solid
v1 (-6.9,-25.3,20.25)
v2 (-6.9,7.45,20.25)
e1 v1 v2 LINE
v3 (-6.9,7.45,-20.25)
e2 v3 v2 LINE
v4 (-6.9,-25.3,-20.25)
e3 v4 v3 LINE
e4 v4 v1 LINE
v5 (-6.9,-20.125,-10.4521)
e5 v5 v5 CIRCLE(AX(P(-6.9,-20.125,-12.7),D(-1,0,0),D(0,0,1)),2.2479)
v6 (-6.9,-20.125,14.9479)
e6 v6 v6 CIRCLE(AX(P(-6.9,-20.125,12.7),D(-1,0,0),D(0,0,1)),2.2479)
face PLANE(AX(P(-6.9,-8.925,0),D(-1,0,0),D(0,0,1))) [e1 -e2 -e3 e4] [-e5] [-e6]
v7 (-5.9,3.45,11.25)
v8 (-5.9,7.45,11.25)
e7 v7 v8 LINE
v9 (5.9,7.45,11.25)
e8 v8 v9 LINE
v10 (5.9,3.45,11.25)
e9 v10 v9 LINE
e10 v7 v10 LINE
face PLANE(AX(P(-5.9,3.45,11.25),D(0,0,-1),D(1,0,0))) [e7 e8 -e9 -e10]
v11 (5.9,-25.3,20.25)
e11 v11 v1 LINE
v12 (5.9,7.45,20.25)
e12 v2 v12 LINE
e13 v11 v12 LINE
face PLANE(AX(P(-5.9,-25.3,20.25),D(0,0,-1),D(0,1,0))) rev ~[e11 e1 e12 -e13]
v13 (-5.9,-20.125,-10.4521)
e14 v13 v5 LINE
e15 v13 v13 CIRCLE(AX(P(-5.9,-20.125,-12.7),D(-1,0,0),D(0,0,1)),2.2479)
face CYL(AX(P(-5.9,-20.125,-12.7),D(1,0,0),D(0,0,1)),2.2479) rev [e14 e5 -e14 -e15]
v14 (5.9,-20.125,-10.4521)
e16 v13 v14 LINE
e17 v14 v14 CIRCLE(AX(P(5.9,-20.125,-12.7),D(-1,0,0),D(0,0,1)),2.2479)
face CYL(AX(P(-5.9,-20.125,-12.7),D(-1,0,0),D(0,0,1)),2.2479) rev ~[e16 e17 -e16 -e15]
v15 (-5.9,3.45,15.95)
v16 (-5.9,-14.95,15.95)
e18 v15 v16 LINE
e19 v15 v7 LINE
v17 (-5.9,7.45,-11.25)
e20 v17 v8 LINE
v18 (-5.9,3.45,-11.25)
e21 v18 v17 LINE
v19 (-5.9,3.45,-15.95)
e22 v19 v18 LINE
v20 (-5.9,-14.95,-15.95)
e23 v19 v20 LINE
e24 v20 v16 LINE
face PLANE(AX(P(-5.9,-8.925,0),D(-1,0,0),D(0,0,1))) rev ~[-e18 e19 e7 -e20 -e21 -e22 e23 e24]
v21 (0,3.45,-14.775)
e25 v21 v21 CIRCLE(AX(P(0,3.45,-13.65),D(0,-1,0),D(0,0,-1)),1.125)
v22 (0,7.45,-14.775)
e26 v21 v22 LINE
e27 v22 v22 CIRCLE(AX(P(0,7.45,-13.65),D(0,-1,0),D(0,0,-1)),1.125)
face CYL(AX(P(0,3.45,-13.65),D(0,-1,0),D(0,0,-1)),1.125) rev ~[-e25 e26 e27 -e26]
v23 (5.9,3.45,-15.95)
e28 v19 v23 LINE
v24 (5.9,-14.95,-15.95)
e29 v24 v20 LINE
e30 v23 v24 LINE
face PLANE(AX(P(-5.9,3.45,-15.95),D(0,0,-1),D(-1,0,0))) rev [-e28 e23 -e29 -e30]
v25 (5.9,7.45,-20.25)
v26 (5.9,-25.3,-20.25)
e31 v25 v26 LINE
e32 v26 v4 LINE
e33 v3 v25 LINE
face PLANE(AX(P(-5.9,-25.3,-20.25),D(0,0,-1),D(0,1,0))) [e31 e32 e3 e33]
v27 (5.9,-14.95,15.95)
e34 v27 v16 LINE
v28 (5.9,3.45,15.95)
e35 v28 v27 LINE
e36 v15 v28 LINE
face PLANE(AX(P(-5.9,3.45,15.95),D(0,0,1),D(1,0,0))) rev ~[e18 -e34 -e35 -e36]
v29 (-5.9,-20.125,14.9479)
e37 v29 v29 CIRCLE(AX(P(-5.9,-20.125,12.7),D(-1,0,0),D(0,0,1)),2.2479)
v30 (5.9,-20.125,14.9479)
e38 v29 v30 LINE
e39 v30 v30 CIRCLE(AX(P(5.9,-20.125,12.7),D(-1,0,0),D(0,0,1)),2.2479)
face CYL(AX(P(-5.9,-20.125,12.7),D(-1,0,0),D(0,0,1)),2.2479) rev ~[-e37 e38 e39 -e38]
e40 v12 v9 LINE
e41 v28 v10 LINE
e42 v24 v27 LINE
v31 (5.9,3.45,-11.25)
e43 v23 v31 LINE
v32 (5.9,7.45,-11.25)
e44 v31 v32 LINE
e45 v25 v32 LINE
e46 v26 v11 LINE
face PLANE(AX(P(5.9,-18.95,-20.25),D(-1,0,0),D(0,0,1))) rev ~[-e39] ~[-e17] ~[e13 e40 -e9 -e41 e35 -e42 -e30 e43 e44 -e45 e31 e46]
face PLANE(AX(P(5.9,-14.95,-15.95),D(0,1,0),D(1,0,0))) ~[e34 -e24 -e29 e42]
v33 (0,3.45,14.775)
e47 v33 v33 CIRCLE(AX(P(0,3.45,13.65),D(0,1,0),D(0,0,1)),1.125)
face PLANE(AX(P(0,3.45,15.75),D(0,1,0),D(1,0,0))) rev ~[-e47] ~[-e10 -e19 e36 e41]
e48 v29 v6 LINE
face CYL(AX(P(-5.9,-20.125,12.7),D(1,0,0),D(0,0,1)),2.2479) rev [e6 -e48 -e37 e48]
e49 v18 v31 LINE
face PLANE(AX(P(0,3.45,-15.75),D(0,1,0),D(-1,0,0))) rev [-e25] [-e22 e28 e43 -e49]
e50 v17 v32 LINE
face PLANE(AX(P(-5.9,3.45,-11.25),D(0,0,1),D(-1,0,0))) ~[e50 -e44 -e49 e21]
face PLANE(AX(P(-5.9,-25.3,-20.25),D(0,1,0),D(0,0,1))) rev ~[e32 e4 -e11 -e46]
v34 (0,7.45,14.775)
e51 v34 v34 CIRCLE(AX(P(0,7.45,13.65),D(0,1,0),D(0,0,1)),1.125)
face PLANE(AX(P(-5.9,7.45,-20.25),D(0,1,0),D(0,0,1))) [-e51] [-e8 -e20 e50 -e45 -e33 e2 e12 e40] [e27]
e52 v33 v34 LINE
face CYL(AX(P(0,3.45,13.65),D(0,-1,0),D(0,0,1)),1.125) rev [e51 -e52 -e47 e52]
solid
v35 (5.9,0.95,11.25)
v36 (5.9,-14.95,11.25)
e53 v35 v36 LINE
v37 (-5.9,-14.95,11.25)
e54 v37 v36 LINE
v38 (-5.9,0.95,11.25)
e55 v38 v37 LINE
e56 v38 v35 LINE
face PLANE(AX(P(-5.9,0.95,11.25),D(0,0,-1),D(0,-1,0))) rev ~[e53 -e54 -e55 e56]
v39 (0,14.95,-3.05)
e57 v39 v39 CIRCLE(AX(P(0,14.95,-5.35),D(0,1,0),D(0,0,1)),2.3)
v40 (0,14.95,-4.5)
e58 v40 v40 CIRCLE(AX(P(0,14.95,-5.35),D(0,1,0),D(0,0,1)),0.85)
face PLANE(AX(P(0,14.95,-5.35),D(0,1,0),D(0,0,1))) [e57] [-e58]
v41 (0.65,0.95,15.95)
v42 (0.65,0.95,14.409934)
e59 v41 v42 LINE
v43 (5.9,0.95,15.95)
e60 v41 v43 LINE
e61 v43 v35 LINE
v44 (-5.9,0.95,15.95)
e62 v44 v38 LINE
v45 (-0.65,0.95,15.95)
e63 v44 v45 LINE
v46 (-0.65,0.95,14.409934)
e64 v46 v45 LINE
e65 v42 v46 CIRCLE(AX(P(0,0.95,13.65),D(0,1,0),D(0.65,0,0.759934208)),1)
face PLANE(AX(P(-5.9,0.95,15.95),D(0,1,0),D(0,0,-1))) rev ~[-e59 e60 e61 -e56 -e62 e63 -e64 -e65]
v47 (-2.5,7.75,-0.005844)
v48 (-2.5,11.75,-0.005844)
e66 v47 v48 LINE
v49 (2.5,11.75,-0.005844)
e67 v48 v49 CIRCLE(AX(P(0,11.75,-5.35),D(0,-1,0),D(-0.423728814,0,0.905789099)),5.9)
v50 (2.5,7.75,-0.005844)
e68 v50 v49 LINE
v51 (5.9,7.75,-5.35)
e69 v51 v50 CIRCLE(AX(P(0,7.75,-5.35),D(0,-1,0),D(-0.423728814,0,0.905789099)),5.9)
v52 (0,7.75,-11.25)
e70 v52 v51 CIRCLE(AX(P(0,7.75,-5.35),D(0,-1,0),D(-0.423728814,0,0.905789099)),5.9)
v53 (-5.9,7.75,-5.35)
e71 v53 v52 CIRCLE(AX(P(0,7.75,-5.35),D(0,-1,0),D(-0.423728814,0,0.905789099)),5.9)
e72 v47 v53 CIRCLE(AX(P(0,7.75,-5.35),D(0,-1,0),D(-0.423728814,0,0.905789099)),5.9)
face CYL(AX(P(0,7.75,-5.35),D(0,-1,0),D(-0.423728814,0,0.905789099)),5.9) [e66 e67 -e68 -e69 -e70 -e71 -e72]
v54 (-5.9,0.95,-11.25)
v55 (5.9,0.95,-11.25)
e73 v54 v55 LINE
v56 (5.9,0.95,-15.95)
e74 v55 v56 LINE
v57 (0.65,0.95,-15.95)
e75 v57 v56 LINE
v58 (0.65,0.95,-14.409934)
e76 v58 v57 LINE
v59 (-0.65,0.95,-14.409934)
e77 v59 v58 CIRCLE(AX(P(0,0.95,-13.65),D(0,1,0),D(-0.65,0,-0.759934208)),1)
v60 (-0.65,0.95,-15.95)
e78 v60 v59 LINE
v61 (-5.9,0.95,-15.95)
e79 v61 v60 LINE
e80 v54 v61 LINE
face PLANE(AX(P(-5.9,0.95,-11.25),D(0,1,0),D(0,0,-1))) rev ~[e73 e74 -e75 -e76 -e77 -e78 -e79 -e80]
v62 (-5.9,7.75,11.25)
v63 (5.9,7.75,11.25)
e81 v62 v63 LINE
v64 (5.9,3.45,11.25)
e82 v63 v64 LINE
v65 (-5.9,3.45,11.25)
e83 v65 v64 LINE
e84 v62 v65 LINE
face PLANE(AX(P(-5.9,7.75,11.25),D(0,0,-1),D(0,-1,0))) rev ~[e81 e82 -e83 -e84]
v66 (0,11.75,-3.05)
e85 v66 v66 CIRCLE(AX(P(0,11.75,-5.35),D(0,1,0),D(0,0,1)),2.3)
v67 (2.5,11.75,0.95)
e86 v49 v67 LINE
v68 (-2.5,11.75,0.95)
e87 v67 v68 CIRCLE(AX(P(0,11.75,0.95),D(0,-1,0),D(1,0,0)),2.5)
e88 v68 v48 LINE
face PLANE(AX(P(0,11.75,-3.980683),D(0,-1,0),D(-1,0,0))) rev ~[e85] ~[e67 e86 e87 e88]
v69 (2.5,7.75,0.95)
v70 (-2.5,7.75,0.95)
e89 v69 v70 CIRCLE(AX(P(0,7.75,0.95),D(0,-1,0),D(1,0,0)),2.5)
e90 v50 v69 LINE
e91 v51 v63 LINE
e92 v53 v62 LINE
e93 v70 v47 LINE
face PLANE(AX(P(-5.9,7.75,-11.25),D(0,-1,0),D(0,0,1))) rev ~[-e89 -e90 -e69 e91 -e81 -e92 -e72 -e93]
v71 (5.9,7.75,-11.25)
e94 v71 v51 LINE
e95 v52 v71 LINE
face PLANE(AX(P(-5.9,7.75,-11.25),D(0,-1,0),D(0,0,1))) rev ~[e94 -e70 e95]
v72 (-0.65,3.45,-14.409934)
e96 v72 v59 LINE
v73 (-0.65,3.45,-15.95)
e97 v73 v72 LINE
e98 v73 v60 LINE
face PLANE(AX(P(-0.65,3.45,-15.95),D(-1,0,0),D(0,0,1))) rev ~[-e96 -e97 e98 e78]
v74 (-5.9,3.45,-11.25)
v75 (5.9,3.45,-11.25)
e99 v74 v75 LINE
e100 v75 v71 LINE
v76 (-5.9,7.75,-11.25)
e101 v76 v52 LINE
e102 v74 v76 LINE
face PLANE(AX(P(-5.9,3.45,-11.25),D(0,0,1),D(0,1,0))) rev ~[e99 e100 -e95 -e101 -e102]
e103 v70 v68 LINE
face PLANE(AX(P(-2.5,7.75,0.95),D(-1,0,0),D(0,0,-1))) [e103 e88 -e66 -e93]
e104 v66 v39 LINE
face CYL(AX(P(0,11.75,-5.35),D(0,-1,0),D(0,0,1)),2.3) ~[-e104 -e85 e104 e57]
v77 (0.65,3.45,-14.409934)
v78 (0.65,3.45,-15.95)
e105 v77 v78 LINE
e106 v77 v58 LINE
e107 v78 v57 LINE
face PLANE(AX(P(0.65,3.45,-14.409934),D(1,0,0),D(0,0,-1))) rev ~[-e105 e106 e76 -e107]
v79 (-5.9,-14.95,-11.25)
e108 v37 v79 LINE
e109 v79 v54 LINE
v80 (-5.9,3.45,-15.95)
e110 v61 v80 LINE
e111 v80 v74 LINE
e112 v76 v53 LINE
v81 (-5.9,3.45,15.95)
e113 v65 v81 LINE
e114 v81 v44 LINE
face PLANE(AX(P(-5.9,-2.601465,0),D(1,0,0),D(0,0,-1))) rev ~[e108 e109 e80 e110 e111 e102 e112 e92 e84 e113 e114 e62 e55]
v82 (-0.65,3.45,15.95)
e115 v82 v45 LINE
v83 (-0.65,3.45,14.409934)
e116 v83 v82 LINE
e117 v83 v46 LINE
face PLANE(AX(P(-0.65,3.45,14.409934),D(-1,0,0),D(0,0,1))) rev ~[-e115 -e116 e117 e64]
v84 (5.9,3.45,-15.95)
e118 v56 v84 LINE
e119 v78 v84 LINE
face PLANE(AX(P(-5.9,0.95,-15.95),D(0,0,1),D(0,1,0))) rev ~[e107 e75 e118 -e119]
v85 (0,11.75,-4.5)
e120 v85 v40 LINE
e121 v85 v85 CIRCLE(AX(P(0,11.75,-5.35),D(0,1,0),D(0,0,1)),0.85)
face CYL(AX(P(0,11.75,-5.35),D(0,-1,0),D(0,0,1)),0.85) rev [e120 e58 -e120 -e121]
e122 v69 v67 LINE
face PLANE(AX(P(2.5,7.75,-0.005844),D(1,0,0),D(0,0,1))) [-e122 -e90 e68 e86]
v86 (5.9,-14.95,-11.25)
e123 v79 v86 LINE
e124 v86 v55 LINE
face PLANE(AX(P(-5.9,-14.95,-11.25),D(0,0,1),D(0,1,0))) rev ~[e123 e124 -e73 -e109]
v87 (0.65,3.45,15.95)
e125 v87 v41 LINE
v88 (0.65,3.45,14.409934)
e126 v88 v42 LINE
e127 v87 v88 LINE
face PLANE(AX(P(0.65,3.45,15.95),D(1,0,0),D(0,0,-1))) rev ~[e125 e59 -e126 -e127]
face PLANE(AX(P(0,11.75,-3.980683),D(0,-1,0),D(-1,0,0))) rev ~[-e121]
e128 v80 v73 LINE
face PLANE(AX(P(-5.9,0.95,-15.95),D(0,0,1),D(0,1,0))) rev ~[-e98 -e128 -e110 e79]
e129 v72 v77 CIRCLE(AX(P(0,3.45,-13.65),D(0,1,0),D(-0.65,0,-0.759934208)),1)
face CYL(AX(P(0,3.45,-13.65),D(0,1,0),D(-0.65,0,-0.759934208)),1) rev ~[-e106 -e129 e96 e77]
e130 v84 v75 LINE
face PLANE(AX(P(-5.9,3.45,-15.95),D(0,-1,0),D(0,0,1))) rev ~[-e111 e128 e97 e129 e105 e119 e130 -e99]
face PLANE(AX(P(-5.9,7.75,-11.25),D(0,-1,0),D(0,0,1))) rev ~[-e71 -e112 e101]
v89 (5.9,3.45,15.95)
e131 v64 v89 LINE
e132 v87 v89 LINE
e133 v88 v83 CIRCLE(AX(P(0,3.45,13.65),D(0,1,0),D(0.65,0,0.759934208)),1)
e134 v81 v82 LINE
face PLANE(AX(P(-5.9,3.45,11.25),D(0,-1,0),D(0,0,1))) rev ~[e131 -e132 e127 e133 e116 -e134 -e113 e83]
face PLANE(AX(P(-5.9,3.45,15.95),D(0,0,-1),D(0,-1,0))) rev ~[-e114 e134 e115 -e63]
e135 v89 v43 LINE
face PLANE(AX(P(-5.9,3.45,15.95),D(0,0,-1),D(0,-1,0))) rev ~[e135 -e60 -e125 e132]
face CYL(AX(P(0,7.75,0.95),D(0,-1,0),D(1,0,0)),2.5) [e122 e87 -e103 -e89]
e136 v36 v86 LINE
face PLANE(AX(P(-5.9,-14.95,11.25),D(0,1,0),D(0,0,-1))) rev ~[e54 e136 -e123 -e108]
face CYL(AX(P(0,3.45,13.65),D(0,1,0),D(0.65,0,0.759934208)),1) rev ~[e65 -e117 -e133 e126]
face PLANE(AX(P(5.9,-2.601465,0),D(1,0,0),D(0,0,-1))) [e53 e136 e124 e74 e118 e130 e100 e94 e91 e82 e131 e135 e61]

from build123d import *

# Parameters (mm, degrees)
BOSS_EXTRU_1_DEPTH      = 5.9
BOSS_EXTRU_1_DEPTH_BACK = 5.9
BOSS_EXTRU_2_DEPTH      = 4
ENL_V_MAT_EXTRU_1_DEPTH = 2.5
ESQUISSE4_R             = 2.3
ESQUISSE4_R_2           = 0.85
BOSS_EXTRU_3_DEPTH      = 3.2
SKETCH1_W               = 11.8
SKETCH1_H               = 9
SKETCH1_R               = 1.125
BOSS_EXTRUDE1_DEPTH     = 4
SKETCH3_W               = 11.8
SKETCH3_H               = 4.3
BOSS_EXTRUDE2_DEPTH     = 22.4
SKETCH5_W               = 11.8
SKETCH5_H               = 4
BOSS_EXTRUDE3_DEPTH     = 15.95
SKETCH6_W               = 11.8
SKETCH6_H               = 40.5
BOSS_EXTRUDE4_DEPTH     = 6.35
SKETCH7_R               = 2.2479
CUT_EXTRUDE1_DEPTH      = 35.487570225
SKETCH8_W               = 40.5
SKETCH8_H               = 32.75
SKETCH8_R               = 2.2479
BOSS_EXTRUDE5_DEPTH     = 1


with BuildPart() as part:
    # Esquisse1 → Boss.-Extru.1 (new, two sides: drawn at the far end of the back side and taken through both)
    with BuildSketch(Plane(origin=(0, 0, 0), x_dir=(0, 0, -1), z_dir=(1, 0, 0)).offset(-BOSS_EXTRU_1_DEPTH_BACK)):
        Polygon((-11.25, -14.95), (11.25, -14.95), (11.25, 0.95), (15.95, 0.95), (15.95, 3.45), (11.25, 3.45), (11.25, 7.75), (-11.25, 7.75), (-11.25, 3.45), (-15.95, 3.45), (-15.95, 0.95), (-11.25, 0.95), align=None)
    extrude(amount=BOSS_EXTRU_1_DEPTH + BOSS_EXTRU_1_DEPTH_BACK)

    # Esquisse2 → Boss.-Extru.2 (add)
    with BuildSketch(Plane(origin=(0, 7.75, 0), x_dir=(1, 0, 0), z_dir=(0, 1, 0))):
        with BuildLine():
            Line((-2.5, -0.95), (-2.5, 0.005844314))
            ThreePointArc((-2.5, 0.005844314), (0, 11.25), (2.5, 0.005844314))
            Line((2.5, 0.005844314), (2.5, -0.95))
            ThreePointArc((2.5, -0.95), (0, -3.45), (-2.5, -0.95))
        make_face()
    extrude(amount=BOSS_EXTRU_2_DEPTH)

    # Esquisse3 → Enlèv. mat.-Extru.1 (cut)
    with BuildSketch(Plane(origin=(0, 3.45, 0), x_dir=(1, 0, 0), z_dir=(0, 1, 0))):
        with BuildLine():
            Line((-0.65, 15.95), (-0.65, 14.409934208))
            ThreePointArc((-0.65, 14.409934208), (0, 12.65), (0.65, 14.409934208))
            Line((0.65, 14.409934208), (0.65, 15.95))
            Line((0.65, 15.95), (-0.65, 15.95))
        make_face()
        with BuildLine():
            Line((-0.65, -15.95), (0.65, -15.95))
            Line((0.65, -15.95), (0.65, -14.409934208))
            ThreePointArc((0.65, -14.409934208), (0, -12.65), (-0.65, -14.409934208))
            Line((-0.65, -14.409934208), (-0.65, -15.95))
        make_face()
    extrude(amount=-ENL_V_MAT_EXTRU_1_DEPTH, mode=Mode.SUBTRACT)

    # Esquisse4 → Boss.-Extru.3 (add)
    with BuildSketch(Plane(origin=(0, 11.75, 0), x_dir=(1, 0, 0), z_dir=(0, 1, 0))):
        with Locations(Location((0, 5.35, 0), (0, 0, 270))):
            Circle(ESQUISSE4_R)
        with Locations(Location((0, 5.35, 0), (0, 0, 270))):
            Circle(ESQUISSE4_R_2, mode=Mode.SUBTRACT)
    extrude(amount=BOSS_EXTRU_3_DEPTH)


with BuildPart() as body_2:
    # Sketch1 → Boss-Extrude1 (new body)
    with BuildSketch(Plane(origin=(0, 3.45, 0), x_dir=(1, 0, 0), z_dir=(0, 1, 0))):
        with Locations((0, -15.75)):
            Rectangle(SKETCH1_W, SKETCH1_H)
        with Locations(Location((0, -13.65, 0), (0, 0, 270))):
            Circle(SKETCH1_R, mode=Mode.SUBTRACT)
    boss_extrude1 = extrude(amount=BOSS_EXTRUDE1_DEPTH)


with BuildPart() as body_3:
    # Sketch3 → Boss-Extrude2 (new body)
    with BuildSketch(Plane.XZ.offset(-3.45)):
        with Locations((0, 18.1)):
            Rectangle(SKETCH3_W, SKETCH3_H)
    boss_extrude2 = extrude(amount=BOSS_EXTRUDE2_DEPTH)


with BuildPart() as body_4:
    # Sketch5 → Boss-Extrude3 (new body)
    with BuildSketch(Plane(origin=(0, 0, 15.95), x_dir=(-1, 0, 0), z_dir=(0, 0, -1))):
        with Locations((0, -16.95)):
            Rectangle(SKETCH5_W, SKETCH5_H)
    boss_extrude3 = extrude(amount=BOSS_EXTRUDE3_DEPTH)

    # Combine1: union body 3, body 2
    add(body_3.part)
    add(body_2.part)

    # Mirror3: Boss-Extrude1, Boss-Extrude2, Boss-Extrude3 across plane
    add(boss_extrude1.mirror(Plane(origin=(0, 0, 0), x_dir=(1, 0, 0), z_dir=(0, 0, -1))))
    add(boss_extrude2.mirror(Plane(origin=(0, 0, 0), x_dir=(1, 0, 0), z_dir=(0, 0, -1))))
    add(boss_extrude3.mirror(Plane(origin=(0, 0, 0), x_dir=(1, 0, 0), z_dir=(0, 0, -1))))

    # Sketch6 → Boss-Extrude4 (add)
    with BuildSketch(Plane.XZ.offset(18.95)):
        Rectangle(SKETCH6_W, SKETCH6_H)
    extrude(amount=BOSS_EXTRUDE4_DEPTH)

    # Sketch7 → Cut-Extrude1 (cut, through all)
    with BuildSketch(Plane.ZY.offset(5.9)):
        with Locations((12.7, -20.125)):
            Circle(SKETCH7_R)
        with Locations((-12.7, -20.125)):
            Circle(SKETCH7_R)
    extrude(amount=-CUT_EXTRUDE1_DEPTH, mode=Mode.SUBTRACT)

    # Sketch8 → Boss-Extrude5 (add)
    with BuildSketch(Plane.ZY.offset(5.9)):
        with Locations((0, -8.925)):
            Rectangle(SKETCH8_W, SKETCH8_H)
        with Locations((-12.7, -20.125)):
            Circle(SKETCH8_R, mode=Mode.SUBTRACT)
        with Locations((12.7, -20.125)):
            Circle(SKETCH8_R, mode=Mode.SUBTRACT)
    extrude(amount=BOSS_EXTRUDE5_DEPTH)


solid = Compound([part.part, body_4.part])
